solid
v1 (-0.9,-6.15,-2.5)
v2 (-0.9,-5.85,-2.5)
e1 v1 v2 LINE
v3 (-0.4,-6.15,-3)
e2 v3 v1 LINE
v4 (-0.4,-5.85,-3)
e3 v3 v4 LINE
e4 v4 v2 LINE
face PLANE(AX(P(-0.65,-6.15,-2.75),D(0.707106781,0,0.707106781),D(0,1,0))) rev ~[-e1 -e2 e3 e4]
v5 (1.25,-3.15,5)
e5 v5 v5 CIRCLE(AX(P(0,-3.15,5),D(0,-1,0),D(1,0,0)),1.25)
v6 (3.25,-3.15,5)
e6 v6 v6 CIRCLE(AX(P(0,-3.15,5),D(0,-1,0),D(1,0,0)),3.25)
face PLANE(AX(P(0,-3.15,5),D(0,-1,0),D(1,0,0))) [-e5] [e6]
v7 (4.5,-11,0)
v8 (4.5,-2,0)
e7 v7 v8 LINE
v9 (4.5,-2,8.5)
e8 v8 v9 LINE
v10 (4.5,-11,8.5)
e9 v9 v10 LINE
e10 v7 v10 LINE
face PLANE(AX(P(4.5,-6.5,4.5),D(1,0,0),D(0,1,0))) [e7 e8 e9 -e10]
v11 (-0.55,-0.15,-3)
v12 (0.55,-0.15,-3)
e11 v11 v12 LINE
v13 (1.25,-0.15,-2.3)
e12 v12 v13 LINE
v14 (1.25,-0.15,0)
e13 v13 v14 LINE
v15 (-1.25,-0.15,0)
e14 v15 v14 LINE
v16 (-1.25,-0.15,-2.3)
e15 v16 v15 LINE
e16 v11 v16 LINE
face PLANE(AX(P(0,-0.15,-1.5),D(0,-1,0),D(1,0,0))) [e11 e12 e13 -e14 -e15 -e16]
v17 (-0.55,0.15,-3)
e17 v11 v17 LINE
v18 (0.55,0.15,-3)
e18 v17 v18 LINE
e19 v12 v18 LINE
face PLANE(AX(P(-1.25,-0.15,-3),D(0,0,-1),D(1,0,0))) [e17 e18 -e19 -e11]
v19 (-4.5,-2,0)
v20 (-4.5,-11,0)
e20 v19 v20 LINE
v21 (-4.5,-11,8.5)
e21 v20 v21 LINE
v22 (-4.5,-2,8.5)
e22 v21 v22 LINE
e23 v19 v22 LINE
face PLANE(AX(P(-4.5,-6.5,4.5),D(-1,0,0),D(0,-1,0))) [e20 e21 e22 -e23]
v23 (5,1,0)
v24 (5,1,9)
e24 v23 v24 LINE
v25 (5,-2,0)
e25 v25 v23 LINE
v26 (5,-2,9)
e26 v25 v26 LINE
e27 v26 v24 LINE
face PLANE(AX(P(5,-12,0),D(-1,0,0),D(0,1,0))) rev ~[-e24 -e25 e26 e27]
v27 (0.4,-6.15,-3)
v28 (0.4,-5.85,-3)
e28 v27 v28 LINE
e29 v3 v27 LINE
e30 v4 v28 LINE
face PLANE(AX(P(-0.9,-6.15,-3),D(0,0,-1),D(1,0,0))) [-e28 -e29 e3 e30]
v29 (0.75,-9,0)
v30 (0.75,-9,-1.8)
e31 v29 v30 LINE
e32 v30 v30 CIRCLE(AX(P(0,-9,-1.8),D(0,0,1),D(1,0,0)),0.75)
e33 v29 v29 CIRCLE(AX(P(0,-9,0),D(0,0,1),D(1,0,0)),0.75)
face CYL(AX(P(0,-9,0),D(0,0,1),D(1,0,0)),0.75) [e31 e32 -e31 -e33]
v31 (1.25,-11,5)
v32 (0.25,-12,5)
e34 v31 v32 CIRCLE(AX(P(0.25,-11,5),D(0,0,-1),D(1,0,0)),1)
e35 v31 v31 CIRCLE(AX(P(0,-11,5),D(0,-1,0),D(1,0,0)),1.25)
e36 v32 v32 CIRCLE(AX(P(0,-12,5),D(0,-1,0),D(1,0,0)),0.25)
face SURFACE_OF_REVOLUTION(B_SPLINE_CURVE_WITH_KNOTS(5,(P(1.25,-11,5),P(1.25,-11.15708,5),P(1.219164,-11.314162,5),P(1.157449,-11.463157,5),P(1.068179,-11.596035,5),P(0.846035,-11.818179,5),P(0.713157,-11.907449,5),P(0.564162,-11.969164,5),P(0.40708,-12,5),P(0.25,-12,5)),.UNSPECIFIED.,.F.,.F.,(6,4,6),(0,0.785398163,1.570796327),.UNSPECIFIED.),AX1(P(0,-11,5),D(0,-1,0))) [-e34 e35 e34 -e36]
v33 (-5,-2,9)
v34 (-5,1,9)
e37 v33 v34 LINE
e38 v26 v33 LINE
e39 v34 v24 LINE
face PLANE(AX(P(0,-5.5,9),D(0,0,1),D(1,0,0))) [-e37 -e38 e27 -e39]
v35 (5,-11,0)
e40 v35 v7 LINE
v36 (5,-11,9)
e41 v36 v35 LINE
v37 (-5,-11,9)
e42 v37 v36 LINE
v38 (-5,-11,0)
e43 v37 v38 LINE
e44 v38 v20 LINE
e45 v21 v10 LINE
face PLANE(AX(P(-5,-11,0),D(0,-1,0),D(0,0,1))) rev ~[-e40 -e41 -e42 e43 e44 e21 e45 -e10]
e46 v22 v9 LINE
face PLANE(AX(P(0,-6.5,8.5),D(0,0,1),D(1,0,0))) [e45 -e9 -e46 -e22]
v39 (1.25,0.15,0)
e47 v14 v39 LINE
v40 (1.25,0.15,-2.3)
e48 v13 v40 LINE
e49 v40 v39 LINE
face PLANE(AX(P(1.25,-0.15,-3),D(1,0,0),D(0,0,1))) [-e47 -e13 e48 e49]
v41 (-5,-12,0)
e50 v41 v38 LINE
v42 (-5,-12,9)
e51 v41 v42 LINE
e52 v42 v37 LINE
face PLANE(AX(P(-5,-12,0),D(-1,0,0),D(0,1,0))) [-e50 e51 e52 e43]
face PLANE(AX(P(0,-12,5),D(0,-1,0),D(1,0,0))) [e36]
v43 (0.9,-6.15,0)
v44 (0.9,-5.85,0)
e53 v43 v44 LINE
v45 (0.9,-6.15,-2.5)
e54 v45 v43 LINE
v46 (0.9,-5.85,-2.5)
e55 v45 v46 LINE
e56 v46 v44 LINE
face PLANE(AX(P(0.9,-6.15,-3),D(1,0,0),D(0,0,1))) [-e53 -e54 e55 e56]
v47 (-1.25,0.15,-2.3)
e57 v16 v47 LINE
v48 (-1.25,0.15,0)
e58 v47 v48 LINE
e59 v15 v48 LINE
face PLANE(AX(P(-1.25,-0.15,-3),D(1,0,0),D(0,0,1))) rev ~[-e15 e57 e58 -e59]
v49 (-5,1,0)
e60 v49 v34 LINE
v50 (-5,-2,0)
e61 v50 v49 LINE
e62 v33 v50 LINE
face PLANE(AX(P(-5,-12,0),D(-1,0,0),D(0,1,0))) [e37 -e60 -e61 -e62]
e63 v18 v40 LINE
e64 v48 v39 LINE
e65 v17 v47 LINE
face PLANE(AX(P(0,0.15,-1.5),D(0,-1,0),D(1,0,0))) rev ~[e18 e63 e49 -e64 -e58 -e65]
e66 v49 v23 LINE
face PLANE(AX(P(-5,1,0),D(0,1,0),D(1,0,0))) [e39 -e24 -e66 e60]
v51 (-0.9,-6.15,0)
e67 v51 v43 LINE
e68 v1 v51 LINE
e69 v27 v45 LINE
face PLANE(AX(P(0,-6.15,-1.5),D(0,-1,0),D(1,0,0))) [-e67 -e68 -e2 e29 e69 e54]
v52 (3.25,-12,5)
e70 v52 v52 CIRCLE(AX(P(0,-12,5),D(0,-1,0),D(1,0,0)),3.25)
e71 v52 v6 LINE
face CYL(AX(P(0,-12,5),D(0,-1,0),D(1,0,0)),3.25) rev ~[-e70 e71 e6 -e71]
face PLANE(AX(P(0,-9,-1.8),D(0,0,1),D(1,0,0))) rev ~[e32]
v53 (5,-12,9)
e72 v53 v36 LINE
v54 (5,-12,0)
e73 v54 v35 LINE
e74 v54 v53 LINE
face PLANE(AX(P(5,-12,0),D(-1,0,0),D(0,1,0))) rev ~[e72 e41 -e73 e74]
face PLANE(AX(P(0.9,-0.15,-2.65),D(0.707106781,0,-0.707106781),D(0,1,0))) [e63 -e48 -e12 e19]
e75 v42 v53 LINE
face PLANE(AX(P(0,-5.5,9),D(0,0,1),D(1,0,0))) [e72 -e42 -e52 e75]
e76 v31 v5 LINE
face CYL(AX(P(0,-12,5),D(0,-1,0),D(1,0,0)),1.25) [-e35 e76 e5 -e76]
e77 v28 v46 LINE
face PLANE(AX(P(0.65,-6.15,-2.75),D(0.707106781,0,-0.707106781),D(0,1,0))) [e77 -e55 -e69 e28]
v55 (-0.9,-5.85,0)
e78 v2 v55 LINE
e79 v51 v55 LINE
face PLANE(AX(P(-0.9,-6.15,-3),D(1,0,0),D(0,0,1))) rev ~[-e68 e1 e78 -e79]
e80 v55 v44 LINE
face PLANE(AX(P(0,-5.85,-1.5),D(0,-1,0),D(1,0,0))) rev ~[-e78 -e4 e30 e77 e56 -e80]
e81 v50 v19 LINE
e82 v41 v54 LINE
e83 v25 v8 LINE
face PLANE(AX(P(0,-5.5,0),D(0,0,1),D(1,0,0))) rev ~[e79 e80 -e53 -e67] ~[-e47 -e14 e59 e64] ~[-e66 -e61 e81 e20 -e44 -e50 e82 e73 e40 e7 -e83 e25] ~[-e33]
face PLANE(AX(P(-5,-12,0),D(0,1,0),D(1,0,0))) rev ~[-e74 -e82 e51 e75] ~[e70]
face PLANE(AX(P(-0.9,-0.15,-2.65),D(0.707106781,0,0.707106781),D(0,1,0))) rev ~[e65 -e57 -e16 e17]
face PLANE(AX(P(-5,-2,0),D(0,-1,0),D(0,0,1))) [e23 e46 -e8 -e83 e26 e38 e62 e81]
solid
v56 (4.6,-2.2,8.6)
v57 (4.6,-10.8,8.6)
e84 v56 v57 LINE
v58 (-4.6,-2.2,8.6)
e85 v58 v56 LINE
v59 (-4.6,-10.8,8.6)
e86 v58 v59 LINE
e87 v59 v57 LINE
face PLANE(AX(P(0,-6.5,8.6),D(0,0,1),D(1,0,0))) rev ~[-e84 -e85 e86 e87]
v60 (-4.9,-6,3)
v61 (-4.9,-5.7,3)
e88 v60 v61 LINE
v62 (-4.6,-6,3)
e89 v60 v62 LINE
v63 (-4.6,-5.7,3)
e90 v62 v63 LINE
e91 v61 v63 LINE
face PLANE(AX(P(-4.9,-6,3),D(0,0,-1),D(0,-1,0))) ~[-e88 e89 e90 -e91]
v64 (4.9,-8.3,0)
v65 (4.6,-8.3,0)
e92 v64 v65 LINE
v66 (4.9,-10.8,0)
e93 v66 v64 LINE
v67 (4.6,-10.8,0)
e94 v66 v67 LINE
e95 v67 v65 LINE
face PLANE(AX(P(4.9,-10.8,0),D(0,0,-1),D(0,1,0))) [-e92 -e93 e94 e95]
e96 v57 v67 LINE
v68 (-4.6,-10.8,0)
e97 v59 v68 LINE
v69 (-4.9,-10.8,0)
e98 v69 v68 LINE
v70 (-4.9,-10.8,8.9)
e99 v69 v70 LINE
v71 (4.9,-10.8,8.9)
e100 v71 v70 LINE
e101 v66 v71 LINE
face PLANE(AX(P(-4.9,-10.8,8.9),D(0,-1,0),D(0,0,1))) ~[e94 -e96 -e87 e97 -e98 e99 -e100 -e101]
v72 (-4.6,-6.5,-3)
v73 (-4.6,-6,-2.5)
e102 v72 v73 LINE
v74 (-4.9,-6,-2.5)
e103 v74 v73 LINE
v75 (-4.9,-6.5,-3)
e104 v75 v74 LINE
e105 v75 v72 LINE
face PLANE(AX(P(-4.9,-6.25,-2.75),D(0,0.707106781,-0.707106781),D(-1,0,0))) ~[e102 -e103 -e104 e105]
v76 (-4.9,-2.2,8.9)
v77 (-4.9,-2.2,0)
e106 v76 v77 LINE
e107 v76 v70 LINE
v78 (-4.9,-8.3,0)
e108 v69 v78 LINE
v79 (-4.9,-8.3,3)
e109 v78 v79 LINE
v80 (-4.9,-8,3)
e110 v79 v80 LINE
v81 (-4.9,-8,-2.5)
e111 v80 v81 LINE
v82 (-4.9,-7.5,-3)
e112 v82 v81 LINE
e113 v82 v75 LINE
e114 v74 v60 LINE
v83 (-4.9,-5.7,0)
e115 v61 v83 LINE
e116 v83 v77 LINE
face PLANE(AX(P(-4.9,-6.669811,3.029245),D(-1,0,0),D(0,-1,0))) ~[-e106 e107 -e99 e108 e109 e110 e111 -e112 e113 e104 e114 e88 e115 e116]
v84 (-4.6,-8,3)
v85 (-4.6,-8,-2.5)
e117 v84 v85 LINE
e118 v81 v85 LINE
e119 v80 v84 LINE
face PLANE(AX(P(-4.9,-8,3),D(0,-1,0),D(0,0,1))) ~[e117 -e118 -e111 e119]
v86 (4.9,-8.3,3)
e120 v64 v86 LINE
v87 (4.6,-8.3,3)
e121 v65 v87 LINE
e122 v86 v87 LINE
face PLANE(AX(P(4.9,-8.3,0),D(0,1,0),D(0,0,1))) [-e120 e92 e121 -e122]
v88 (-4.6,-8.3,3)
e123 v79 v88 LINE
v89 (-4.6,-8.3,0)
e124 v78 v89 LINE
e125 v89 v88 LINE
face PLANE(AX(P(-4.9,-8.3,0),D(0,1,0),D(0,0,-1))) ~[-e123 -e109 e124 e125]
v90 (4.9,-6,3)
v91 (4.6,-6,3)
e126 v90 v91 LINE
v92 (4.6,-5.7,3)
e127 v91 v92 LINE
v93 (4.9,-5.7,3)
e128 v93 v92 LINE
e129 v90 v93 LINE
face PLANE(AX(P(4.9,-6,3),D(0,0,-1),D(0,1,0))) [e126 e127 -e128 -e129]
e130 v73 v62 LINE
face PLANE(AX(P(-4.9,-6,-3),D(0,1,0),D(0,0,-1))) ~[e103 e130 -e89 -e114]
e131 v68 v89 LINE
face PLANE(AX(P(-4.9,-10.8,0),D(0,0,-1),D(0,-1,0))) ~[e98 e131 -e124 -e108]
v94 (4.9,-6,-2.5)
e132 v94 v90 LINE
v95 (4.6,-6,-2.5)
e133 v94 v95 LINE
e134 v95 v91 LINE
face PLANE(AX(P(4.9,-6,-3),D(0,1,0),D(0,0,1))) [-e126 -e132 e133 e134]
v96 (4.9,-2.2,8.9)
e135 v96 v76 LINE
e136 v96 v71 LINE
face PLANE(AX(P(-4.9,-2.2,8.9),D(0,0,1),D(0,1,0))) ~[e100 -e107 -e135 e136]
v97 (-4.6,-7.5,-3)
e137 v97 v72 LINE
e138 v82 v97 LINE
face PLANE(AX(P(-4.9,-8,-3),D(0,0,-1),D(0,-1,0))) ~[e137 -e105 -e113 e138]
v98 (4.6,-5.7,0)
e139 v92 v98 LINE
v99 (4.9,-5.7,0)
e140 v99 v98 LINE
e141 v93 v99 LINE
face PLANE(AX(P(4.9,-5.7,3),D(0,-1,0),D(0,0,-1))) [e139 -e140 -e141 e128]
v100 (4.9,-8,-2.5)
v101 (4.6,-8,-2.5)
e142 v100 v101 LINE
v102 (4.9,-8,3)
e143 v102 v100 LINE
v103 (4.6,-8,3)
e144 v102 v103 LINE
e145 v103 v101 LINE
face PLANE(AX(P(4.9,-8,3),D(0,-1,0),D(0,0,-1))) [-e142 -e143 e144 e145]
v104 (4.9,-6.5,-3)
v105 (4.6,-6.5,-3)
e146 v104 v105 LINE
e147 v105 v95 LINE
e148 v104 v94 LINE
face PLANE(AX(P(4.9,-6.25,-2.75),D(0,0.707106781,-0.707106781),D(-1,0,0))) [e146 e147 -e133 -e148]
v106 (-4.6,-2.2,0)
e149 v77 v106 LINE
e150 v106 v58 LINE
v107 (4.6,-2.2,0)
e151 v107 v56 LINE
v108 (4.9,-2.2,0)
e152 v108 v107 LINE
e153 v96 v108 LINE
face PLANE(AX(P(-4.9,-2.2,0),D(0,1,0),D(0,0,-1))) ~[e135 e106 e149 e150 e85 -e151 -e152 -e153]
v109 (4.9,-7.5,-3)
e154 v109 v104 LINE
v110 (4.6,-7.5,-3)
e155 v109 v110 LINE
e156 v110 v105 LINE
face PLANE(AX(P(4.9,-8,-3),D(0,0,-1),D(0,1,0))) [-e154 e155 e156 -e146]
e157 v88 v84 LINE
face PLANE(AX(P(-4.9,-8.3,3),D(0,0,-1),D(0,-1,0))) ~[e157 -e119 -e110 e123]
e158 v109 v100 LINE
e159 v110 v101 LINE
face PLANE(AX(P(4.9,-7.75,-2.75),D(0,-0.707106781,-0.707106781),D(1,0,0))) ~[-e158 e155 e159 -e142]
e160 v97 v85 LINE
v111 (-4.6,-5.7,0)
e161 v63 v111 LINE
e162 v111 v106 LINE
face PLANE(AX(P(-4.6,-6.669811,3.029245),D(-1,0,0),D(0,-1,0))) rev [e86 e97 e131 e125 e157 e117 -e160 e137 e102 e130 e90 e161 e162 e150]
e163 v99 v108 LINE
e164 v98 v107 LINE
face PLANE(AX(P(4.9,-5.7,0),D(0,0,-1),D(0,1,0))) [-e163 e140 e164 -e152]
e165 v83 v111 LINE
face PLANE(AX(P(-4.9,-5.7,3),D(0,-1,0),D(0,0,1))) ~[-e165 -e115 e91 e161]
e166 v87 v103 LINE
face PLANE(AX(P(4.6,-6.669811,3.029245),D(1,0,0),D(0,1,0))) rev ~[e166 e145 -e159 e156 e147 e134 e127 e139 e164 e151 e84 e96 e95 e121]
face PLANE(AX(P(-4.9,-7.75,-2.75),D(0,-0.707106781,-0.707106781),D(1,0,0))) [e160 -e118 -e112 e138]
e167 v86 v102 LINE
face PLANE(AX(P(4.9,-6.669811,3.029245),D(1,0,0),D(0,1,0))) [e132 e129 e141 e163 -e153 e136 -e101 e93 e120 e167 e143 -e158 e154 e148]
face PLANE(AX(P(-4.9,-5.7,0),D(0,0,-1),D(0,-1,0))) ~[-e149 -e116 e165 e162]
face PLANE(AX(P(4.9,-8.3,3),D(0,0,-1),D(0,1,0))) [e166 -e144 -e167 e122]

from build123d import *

# Parameters (mm, degrees)
SKETCH002_R     = 1.25
PAD001_DEPTH    = 8.85
FILLET_R        = 1
SKETCH003_W     = 2.5
SKETCH003_H     = 3
PAD002_DEPTH    = 0.3
CHAMFER_SIZE    = 0.7
CHAMFER001_SIZE = 0.7
SKETCH004_W     = 1.8
SKETCH004_H     = 3
PAD003_DEPTH    = 0.3
CHAMFER002_SIZE = 0.5
CHAMFER003_SIZE = 0.5
PAD004_DEPTH    = 0.3
CHAMFER004_SIZE = 0.5
CHAMFER005_SIZE = 0.5
SKETCH_W        = 10
SKETCH_H        = 13
PAD_DEPTH       = 9
SKETCH005_R     = 3.25
POCKET_DEPTH    = 8.85
SKETCH008_W     = 9
SKETCH008_H     = 9
POCKET001_DEPTH = 0.5
SKETCH009_W     = 9
SKETCH009_H     = 9
POCKET002_DEPTH = 0.5
SKETCH010_W     = 10
SKETCH010_H     = 9
POCKET003_DEPTH = 0.5
SKETCH011_W     = 9.8
SKETCH011_H     = 8.6
PAD006_DEPTH    = 0.3
SKETCH007_R     = 0.75
PAD005_DEPTH    = 1.8


with BuildPart() as centralpin:
    # Sketch002 → Pad001 (new body)
    with BuildSketch(Plane.XZ.offset(12)):
        with Locations((0, 5)):
            Circle(SKETCH002_R)
    extrude(amount=-PAD001_DEPTH)

    # Fillet
    fillet_edges = [centralpin.edges().sort_by_distance(p)[0] for p in [
        (-1.25, -12, 5),
    ]]
    fillet(fillet_edges, radius=FILLET_R)


with BuildPart() as pin1:
    # Sketch003 → Pad002 (new body)
    with BuildSketch(Plane.XZ.offset(0.15)):
        with Locations((0, -1.5)):
            Rectangle(SKETCH003_W, SKETCH003_H)
    extrude(amount=-PAD002_DEPTH)

    # Chamfer
    chamfer_edges = [pin1.edges().sort_by_distance(p)[0] for p in [
        (1.25, 0, -3),
    ]]
    chamfer(chamfer_edges, length=CHAMFER_SIZE)

    # Chamfer001
    chamfer001_edges = [pin1.edges().sort_by_distance(p)[0] for p in [
        (-1.25, 0, -3),
    ]]
    chamfer(chamfer001_edges, length=CHAMFER001_SIZE)


with BuildPart() as pin2:
    # Sketch004 → Pad003 (new body)
    with BuildSketch(Plane.XZ.offset(6.15)):
        with Locations((0, -1.5)):
            Rectangle(SKETCH004_W, SKETCH004_H)
    extrude(amount=-PAD003_DEPTH)

    # Chamfer002
    chamfer002_edges = [pin2.edges().sort_by_distance(p)[0] for p in [
        (0.9, -6, -3),
    ]]
    chamfer(chamfer002_edges, length=CHAMFER002_SIZE)

    # Chamfer003
    chamfer003_edges = [pin2.edges().sort_by_distance(p)[0] for p in [
        (-0.9, -6, -3),
    ]]
    chamfer(chamfer003_edges, length=CHAMFER003_SIZE)


with BuildPart() as pin3:
    # Sketch006 → Pad004 (new body)
    with BuildSketch(Plane.YZ.offset(4.9)):
        Polygon((-8, -3), (-6, -3), (-6, 0), (-6, 3), (-5.7, 3), (-5.7, 0), (-2.2, 0), (-2.2, 8.9), (-10.8, 8.9), (-10.8, 0), (-8.3, 0), (-8.3, 3), (-8, 3), (-8, 0), align=None)
    extrude(amount=-PAD004_DEPTH)

    # Chamfer004
    chamfer004_edges = [pin3.edges().sort_by_distance(p)[0] for p in [
        (4.75, -8, -3),
    ]]
    chamfer(chamfer004_edges, length=CHAMFER004_SIZE)

    # Chamfer005
    chamfer005_edges = [pin3.edges().sort_by_distance(p)[0] for p in [
        (4.75, -6, -3),
    ]]
    chamfer(chamfer005_edges, length=CHAMFER005_SIZE)


with BuildPart() as pins3:
    # Part__Mirroring: instance of Pin3
    add(pin3.part.mirror(Plane(origin=(0, -7, -1.5), x_dir=(0, -1, 0), z_dir=(1, 0, 0))))


with BuildPart() as body:
    # Sketch → Pad (new body)
    with BuildSketch(Plane.XY):
        with Locations((0, -5.5)):
            Rectangle(SKETCH_W, SKETCH_H)
    extrude(amount=PAD_DEPTH)

    # Sketch005 → Pocket (cut)
    with BuildSketch(Plane.XZ.offset(12)):
        with Locations((0, 5)):
            Circle(SKETCH005_R)
    extrude(amount=-POCKET_DEPTH, mode=Mode.SUBTRACT)

    # Sketch008 → Pocket001 (cut)
    with BuildSketch(Plane.YZ.offset(5)):
        with Locations((-6.5, 4.5)):
            Rectangle(SKETCH008_W, SKETCH008_H)
    extrude(amount=-POCKET001_DEPTH, mode=Mode.SUBTRACT)

    # Sketch009 → Pocket002 (cut)
    with BuildSketch(Plane(origin=(-5, 0, 0), x_dir=(0, -1, 0), z_dir=(-1, 0, 0))):
        with Locations((6.5, 4.5)):
            Rectangle(SKETCH009_W, SKETCH009_H)
    extrude(amount=-POCKET002_DEPTH, mode=Mode.SUBTRACT)

    # Sketch010 → Pocket003 (cut)
    with BuildSketch(Plane.XY.offset(9)):
        with Locations((0, -6.5)):
            Rectangle(SKETCH010_W, SKETCH010_H)
    extrude(amount=-POCKET003_DEPTH, mode=Mode.SUBTRACT)


with BuildPart() as shieldtop:
    # Sketch011 → Pad006 (new body)
    with BuildSketch(Plane.XY.offset(8.6)):
        with Locations((0, -6.5)):
            Rectangle(SKETCH011_W, SKETCH011_H)
    extrude(amount=PAD006_DEPTH)


with BuildPart() as barreljack_cui_pj_063bh_horizontal:
    # Sketch007 → Pad005 (new body)
    with BuildSketch(Plane.XY):
        with Locations((0, -9)):
            Circle(SKETCH007_R)
    extrude(amount=-PAD005_DEPTH)

    # Fusion: union CentralPin, Pin1, Pin2, Pins3, Pin3, Body, ShieldTop
    add(centralpin.part)
    add(pin1.part)
    add(pin2.part)
    add(pins3.part)
    add(pin3.part)
    add(body.part)
    add(shieldtop.part)


solid = barreljack_cui_pj_063bh_horizontal.part
